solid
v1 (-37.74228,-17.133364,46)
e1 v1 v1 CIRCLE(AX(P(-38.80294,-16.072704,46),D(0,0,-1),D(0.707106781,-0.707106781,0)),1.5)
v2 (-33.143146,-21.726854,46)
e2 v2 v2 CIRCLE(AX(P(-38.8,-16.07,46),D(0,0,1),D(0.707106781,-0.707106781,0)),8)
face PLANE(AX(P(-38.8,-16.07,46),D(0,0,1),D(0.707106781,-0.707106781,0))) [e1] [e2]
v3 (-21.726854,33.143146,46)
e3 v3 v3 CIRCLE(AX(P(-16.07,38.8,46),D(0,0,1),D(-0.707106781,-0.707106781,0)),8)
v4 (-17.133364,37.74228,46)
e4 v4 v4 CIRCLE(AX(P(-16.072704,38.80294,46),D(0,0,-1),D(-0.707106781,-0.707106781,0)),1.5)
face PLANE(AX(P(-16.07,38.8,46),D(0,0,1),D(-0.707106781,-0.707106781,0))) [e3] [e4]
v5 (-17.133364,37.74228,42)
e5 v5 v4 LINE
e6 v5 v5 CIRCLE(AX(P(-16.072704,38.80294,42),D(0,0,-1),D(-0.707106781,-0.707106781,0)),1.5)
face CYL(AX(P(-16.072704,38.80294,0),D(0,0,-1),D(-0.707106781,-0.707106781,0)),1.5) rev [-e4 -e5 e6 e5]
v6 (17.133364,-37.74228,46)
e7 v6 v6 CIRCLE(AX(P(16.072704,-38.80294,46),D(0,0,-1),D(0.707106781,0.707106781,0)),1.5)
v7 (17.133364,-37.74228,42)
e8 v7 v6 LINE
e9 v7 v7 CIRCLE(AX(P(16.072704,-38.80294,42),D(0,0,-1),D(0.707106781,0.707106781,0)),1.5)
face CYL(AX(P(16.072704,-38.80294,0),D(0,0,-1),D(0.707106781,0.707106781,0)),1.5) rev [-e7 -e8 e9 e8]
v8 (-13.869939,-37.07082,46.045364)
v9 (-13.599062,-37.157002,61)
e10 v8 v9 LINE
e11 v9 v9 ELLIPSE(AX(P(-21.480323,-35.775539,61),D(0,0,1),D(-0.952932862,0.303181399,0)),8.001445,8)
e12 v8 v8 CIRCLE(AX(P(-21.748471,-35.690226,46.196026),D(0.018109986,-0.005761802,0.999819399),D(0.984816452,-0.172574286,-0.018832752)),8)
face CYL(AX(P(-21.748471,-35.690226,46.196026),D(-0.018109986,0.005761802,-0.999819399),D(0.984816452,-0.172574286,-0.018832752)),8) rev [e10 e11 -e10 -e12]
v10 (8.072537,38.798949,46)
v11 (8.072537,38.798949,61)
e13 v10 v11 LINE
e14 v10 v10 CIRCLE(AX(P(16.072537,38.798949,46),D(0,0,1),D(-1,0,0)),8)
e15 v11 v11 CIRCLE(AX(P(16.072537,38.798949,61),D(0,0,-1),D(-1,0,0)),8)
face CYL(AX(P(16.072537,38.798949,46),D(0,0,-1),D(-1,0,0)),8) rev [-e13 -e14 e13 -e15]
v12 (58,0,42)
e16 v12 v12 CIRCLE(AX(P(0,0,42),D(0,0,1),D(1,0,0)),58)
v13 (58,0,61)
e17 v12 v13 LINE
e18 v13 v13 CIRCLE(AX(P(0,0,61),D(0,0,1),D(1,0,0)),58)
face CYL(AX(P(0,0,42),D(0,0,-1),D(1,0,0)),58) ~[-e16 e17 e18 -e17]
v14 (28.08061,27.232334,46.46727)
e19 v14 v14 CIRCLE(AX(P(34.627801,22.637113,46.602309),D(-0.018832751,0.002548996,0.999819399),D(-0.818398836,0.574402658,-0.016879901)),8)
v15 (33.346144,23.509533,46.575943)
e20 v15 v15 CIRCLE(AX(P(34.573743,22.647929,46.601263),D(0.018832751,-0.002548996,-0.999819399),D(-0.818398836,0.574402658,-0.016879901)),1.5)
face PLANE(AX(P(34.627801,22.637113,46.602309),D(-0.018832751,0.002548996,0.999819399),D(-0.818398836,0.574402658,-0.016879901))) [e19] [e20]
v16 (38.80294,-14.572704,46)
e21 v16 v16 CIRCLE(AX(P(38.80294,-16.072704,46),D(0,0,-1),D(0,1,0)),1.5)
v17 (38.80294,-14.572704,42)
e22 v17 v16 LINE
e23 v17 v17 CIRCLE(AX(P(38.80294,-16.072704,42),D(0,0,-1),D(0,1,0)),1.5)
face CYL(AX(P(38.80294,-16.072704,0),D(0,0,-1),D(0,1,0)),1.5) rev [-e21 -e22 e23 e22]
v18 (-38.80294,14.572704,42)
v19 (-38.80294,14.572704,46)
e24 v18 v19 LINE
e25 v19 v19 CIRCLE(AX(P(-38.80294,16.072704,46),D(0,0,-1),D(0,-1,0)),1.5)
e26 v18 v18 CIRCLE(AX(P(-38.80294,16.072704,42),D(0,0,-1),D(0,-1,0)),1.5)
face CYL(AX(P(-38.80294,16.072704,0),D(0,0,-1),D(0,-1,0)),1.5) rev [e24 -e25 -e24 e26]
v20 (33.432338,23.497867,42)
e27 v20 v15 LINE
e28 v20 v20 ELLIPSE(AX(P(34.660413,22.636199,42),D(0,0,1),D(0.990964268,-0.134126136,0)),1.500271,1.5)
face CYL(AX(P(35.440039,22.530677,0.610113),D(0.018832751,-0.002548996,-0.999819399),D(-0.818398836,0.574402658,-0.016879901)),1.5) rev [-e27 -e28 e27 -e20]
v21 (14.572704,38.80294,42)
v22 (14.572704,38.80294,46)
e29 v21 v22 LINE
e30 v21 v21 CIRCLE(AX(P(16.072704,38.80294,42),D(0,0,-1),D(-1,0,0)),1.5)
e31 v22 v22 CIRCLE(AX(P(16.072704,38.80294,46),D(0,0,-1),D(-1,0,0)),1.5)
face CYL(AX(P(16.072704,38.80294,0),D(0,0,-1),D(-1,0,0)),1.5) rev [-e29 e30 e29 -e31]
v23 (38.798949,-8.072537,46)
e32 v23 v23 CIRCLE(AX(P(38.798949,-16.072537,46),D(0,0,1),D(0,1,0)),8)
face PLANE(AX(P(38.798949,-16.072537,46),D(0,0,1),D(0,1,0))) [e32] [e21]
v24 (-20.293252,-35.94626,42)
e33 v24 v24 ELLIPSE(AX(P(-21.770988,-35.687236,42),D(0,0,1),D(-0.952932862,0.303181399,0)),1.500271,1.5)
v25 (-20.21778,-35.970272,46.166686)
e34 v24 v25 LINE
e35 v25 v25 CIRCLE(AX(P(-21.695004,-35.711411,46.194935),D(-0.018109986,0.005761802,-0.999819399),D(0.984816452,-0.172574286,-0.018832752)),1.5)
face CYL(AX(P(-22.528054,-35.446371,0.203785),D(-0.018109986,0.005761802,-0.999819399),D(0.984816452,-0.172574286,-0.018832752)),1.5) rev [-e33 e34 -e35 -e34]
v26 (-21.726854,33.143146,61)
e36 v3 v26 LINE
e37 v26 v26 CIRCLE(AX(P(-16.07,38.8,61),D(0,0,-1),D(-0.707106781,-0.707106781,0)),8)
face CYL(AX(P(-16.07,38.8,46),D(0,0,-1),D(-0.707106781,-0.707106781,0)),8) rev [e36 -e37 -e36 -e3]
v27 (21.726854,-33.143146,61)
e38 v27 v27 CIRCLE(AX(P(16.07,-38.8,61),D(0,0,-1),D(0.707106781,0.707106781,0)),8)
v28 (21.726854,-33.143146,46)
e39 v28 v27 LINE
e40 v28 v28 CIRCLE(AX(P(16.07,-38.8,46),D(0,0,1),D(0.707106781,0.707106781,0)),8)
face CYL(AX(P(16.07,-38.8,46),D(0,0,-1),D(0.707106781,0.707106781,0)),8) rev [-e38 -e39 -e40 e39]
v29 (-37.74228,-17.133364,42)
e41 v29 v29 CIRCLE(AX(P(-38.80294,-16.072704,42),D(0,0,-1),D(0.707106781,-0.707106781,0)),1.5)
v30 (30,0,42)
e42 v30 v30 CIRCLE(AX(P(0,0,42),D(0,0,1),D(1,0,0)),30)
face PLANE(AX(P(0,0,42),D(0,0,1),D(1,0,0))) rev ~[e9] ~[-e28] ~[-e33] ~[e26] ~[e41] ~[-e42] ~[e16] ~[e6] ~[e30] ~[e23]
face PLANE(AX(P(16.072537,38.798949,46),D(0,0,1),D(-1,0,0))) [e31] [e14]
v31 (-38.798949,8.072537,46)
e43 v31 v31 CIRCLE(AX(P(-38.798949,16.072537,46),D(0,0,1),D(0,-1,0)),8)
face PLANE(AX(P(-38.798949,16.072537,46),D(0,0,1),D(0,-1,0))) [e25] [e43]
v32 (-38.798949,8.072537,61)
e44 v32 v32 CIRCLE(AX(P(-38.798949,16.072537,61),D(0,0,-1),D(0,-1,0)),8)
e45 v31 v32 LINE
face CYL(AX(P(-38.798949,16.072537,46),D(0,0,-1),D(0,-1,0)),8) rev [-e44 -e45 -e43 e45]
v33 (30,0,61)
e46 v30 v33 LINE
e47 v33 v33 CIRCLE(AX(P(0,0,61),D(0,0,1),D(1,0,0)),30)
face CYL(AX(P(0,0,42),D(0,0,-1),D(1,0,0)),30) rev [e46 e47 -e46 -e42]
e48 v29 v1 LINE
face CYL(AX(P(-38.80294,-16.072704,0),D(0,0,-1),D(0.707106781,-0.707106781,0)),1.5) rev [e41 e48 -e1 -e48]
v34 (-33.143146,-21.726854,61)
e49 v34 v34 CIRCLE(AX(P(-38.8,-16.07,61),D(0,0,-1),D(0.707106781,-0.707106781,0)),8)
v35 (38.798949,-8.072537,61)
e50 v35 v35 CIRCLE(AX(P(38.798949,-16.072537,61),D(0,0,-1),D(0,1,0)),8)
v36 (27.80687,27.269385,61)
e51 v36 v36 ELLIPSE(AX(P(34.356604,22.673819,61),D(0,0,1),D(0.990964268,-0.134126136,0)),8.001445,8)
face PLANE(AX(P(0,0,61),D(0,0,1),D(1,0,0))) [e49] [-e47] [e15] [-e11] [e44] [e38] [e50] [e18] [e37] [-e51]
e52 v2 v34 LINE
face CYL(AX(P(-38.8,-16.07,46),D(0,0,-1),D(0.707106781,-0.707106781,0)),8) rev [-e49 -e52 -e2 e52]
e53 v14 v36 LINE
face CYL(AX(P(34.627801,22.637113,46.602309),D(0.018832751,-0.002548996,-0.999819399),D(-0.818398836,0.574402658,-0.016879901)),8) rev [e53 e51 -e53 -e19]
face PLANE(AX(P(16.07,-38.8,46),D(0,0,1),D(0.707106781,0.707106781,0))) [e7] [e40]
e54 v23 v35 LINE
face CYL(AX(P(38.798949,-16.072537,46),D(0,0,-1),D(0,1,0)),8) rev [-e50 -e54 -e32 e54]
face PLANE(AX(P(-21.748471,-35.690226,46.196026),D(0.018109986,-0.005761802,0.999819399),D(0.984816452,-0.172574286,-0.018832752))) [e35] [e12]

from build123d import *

# Parameters (mm, degrees)
CYLINDER430_R               = 1.5
CYLINDER430_DEPTH           = 100
CYLINDER432_R               = 1.5
CYLINDER432_DEPTH           = 100
CYLINDER432_ROLL_ANGLE      = -0.500355
CYLINDER432_PITCH_ANGLE     = 0.967193
CYLINDER432_PLACEMENT_ANGLE = 144.93646
CYLINDER434_R               = 1.5
CYLINDER434_DEPTH           = 100
CYLINDER436_R               = 1.5
CYLINDER436_DEPTH           = 100
CYLINDER436_PLACEMENT_ANGLE = 225
CYLINDER438_R               = 1.5
CYLINDER438_DEPTH           = 100
CYLINDER440_R               = 1.5
CYLINDER440_DEPTH           = 100
CYLINDER440_PLACEMENT_ANGLE = 45
CYLINDER442_R               = 1.5
CYLINDER442_DEPTH           = 100
CYLINDER442_ROLL_ANGLE      = 0.146073
CYLINDER442_PITCH_ANGLE     = 1.079101
CYLINDER442_PLACEMENT_ANGLE = -9.939308
CYLINDER428_R               = 1.5
CYLINDER428_DEPTH           = 100
CYLINDER428_PLACEMENT_ANGLE = 45
CYLINDER439_R               = 8
CYLINDER439_DEPTH           = 18
CYLINDER437_R               = 8
CYLINDER437_DEPTH           = 18
CYLINDER437_PLACEMENT_ANGLE = 225
CYLINDER435_R               = 8
CYLINDER435_DEPTH           = 18
CYLINDER433_R               = 8
CYLINDER433_DEPTH           = 18
CYLINDER433_ROLL_ANGLE      = -0.500355
CYLINDER433_PITCH_ANGLE     = 0.967193
CYLINDER433_PLACEMENT_ANGLE = 144.93646
CYLINDER431_R               = 8
CYLINDER431_DEPTH           = 18
CYLINDER429_R               = 8
CYLINDER429_DEPTH           = 18
CYLINDER429_PLACEMENT_ANGLE = 45
CYLINDER443_R               = 8
CYLINDER443_DEPTH           = 18
CYLINDER443_ROLL_ANGLE      = 0.146073
CYLINDER443_PITCH_ANGLE     = 1.079101
CYLINDER443_PLACEMENT_ANGLE = -9.939308
CYLINDER441_R               = 8
CYLINDER441_DEPTH           = 18
CYLINDER441_PLACEMENT_ANGLE = 45
TUBE022_R                   = 58
TUBE022_R_2                 = 30
TUBE022_DEPTH               = 19


with BuildPart() as v_lec430:
    # Cylinder430 → Cylinder430 (new body)
    with BuildSketch(Plane(origin=(38.80294, -16.072704, 0), x_dir=(0, 1, 0), z_dir=(0, 0, 1))):
        Circle(CYLINDER430_R)
    extrude(amount=CYLINDER430_DEPTH)


with BuildPart() as v_lec432:
    # Cylinder432 → Cylinder432 (new body)
    with BuildSketch(Plane.XY):
        Circle(CYLINDER432_R)
    extrude(amount=CYLINDER432_DEPTH)


with BuildPart() as v_lec432_1:
    # Cylinder432 roll: moved
    add(v_lec432.part.rotate(Axis((0, 0, 0), (1, 0, 0)), CYLINDER432_ROLL_ANGLE))


with BuildPart() as v_lec432_2:
    # Cylinder432 pitch: moved
    add(v_lec432_1.part.rotate(Axis((0, 0, 0), (0, 1, 0)), CYLINDER432_PITCH_ANGLE))


with BuildPart() as v_lec432_3:
    # Cylinder432 placement: moved
    add(v_lec432_2.part.moved(Location((35.440039, 22.530677, 0.610113))).rotate(Axis((35.440039, 22.530677, 0.610113), (0, 0, 1)), CYLINDER432_PLACEMENT_ANGLE))


with BuildPart() as v_lec434:
    # Cylinder434 → Cylinder434 (new body)
    with BuildSketch(Plane(origin=(16.072704, 38.80294, 0), x_dir=(-1, 0, 0), z_dir=(0, 0, 1))):
        Circle(CYLINDER434_R)
    extrude(amount=CYLINDER434_DEPTH)


with BuildPart() as v_lec436:
    # Cylinder436 → Cylinder436 (new body)
    with BuildSketch(Plane.XY):
        Circle(CYLINDER436_R)
    extrude(amount=CYLINDER436_DEPTH)


with BuildPart() as v_lec436_1:
    # Cylinder436 placement: moved
    add(v_lec436.part.moved(Location((-16.072704, 38.80294, 0))).rotate(Axis((-16.072704, 38.80294, 0), (0, 0, 1)), CYLINDER436_PLACEMENT_ANGLE))


with BuildPart() as v_lec438:
    # Cylinder438 → Cylinder438 (new body)
    with BuildSketch(Plane(origin=(-38.80294, 16.072704, 0), x_dir=(0, -1, 0), z_dir=(0, 0, 1))):
        Circle(CYLINDER438_R)
    extrude(amount=CYLINDER438_DEPTH)


with BuildPart() as v_lec440:
    # Cylinder440 → Cylinder440 (new body)
    with BuildSketch(Plane.XY):
        Circle(CYLINDER440_R)
    extrude(amount=CYLINDER440_DEPTH)


with BuildPart() as v_lec440_1:
    # Cylinder440 placement: moved
    add(v_lec440.part.moved(Location((-38.80294, -16.072704, 0))).rotate(Axis((-38.80294, -16.072704, 0), (0, 0, -1)), CYLINDER440_PLACEMENT_ANGLE))


with BuildPart() as v_lec442:
    # Cylinder442 → Cylinder442 (new body)
    with BuildSketch(Plane.XY):
        Circle(CYLINDER442_R)
    extrude(amount=CYLINDER442_DEPTH)


with BuildPart() as v_lec442_1:
    # Cylinder442 roll: moved
    add(v_lec442.part.rotate(Axis((0, 0, 0), (1, 0, 0)), CYLINDER442_ROLL_ANGLE))


with BuildPart() as v_lec442_2:
    # Cylinder442 pitch: moved
    add(v_lec442_1.part.rotate(Axis((0, 0, 0), (0, 1, 0)), CYLINDER442_PITCH_ANGLE))


with BuildPart() as v_lec442_3:
    # Cylinder442 placement: moved
    add(v_lec442_2.part.moved(Location((-22.528054, -35.446371, 0.203785))).rotate(Axis((-22.528054, -35.446371, 0.203785), (0, 0, 1)), CYLINDER442_PLACEMENT_ANGLE))


with BuildPart() as compound321:
    # Cylinder428 → Cylinder428 (new body)
    with BuildSketch(Plane.XY):
        Circle(CYLINDER428_R)
    extrude(amount=CYLINDER428_DEPTH)


with BuildPart() as compound321_1:
    # Cylinder428 placement: moved
    add(compound321.part.moved(Location((16.072704, -38.80294, 0))).rotate(Axis((16.072704, -38.80294, 0), (0, 0, 1)), CYLINDER428_PLACEMENT_ANGLE))

    # Compound321: union Válec430, Válec432, Válec434, Válec436, Válec438, Válec440, Válec442
    add(v_lec430.part)
    add(v_lec432_3.part)
    add(v_lec434.part)
    add(v_lec436_1.part)
    add(v_lec438.part)
    add(v_lec440_1.part)
    add(v_lec442_3.part)


with BuildPart() as v_lec439:
    # Cylinder439 → Cylinder439 (new body)
    with BuildSketch(Plane(origin=(-38.798949, 16.072537, 43), x_dir=(0, -1, 0), z_dir=(0, 0, 1))):
        Circle(CYLINDER439_R)
    extrude(amount=CYLINDER439_DEPTH)


with BuildPart() as v_lec437:
    # Cylinder437 → Cylinder437 (new body)
    with BuildSketch(Plane.XY):
        Circle(CYLINDER437_R)
    extrude(amount=CYLINDER437_DEPTH)


with BuildPart() as v_lec437_1:
    # Cylinder437 placement: moved
    add(v_lec437.part.moved(Location((-16.07, 38.8, 43))).rotate(Axis((-16.07, 38.8, 43), (0, 0, 1)), CYLINDER437_PLACEMENT_ANGLE))


with BuildPart() as v_lec435:
    # Cylinder435 → Cylinder435 (new body)
    with BuildSketch(Plane(origin=(16.072537, 38.798949, 43), x_dir=(-1, 0, 0), z_dir=(0, 0, 1))):
        Circle(CYLINDER435_R)
    extrude(amount=CYLINDER435_DEPTH)


with BuildPart() as v_lec433:
    # Cylinder433 → Cylinder433 (new body)
    with BuildSketch(Plane.XY):
        Circle(CYLINDER433_R)
    extrude(amount=CYLINDER433_DEPTH)


with BuildPart() as v_lec433_1:
    # Cylinder433 roll: moved
    add(v_lec433.part.rotate(Axis((0, 0, 0), (1, 0, 0)), CYLINDER433_ROLL_ANGLE))


with BuildPart() as v_lec433_2:
    # Cylinder433 pitch: moved
    add(v_lec433_1.part.rotate(Axis((0, 0, 0), (0, 1, 0)), CYLINDER433_PITCH_ANGLE))


with BuildPart() as v_lec433_3:
    # Cylinder433 placement: moved
    add(v_lec433_2.part.moved(Location((34.627801, 22.637113, 43.602309))).rotate(Axis((34.627801, 22.637113, 43.602309), (0, 0, 1)), CYLINDER433_PLACEMENT_ANGLE))


with BuildPart() as v_lec431:
    # Cylinder431 → Cylinder431 (new body)
    with BuildSketch(Plane(origin=(38.798949, -16.072537, 43), x_dir=(0, 1, 0), z_dir=(0, 0, 1))):
        Circle(CYLINDER431_R)
    extrude(amount=CYLINDER431_DEPTH)


with BuildPart() as v_lec429:
    # Cylinder429 → Cylinder429 (new body)
    with BuildSketch(Plane.XY):
        Circle(CYLINDER429_R)
    extrude(amount=CYLINDER429_DEPTH)


with BuildPart() as v_lec429_1:
    # Cylinder429 placement: moved
    add(v_lec429.part.moved(Location((16.07, -38.8, 43))).rotate(Axis((16.07, -38.8, 43), (0, 0, 1)), CYLINDER429_PLACEMENT_ANGLE))


with BuildPart() as v_lec443:
    # Cylinder443 → Cylinder443 (new body)
    with BuildSketch(Plane.XY):
        Circle(CYLINDER443_R)
    extrude(amount=CYLINDER443_DEPTH)


with BuildPart() as v_lec443_1:
    # Cylinder443 roll: moved
    add(v_lec443.part.rotate(Axis((0, 0, 0), (1, 0, 0)), CYLINDER443_ROLL_ANGLE))


with BuildPart() as v_lec443_2:
    # Cylinder443 pitch: moved
    add(v_lec443_1.part.rotate(Axis((0, 0, 0), (0, 1, 0)), CYLINDER443_PITCH_ANGLE))


with BuildPart() as v_lec443_3:
    # Cylinder443 placement: moved
    add(v_lec443_2.part.moved(Location((-21.748471, -35.690226, 43.196026))).rotate(Axis((-21.748471, -35.690226, 43.196026), (0, 0, 1)), CYLINDER443_PLACEMENT_ANGLE))


with BuildPart() as compound323:
    # Cylinder441 → Cylinder441 (new body)
    with BuildSketch(Plane.XY):
        Circle(CYLINDER441_R)
    extrude(amount=CYLINDER441_DEPTH)


with BuildPart() as compound323_1:
    # Cylinder441 placement: moved
    add(compound323.part.moved(Location((-38.8, -16.07, 43))).rotate(Axis((-38.8, -16.07, 43), (0, 0, -1)), CYLINDER441_PLACEMENT_ANGLE))

    # Compound323: union Válec439, Válec437, Válec435, Válec433, Válec431, Válec429, Válec443
    add(v_lec439.part)
    add(v_lec437_1.part)
    add(v_lec435.part)
    add(v_lec433_3.part)
    add(v_lec431.part)
    add(v_lec429_1.part)
    add(v_lec443_3.part)


with BuildPart() as compound323_2:
    # Compound323 placement: moved
    add(compound323_1.part.moved(Location((0, 0, 3))))


with BuildPart() as bazovina_part_f_dirovina:
    # Tube022 → Tube022 (new body)
    with BuildSketch(Plane.XY.offset(42)):
        Circle(TUBE022_R)
        Circle(TUBE022_R_2, mode=Mode.SUBTRACT)
    extrude(amount=TUBE022_DEPTH)

    # Cut169: cut Compound323
    add(compound323_2.part, mode=Mode.SUBTRACT)

    # Cut170: cut Compound321
    add(compound321_1.part, mode=Mode.SUBTRACT)


solid = bazovina_part_f_dirovina.part
